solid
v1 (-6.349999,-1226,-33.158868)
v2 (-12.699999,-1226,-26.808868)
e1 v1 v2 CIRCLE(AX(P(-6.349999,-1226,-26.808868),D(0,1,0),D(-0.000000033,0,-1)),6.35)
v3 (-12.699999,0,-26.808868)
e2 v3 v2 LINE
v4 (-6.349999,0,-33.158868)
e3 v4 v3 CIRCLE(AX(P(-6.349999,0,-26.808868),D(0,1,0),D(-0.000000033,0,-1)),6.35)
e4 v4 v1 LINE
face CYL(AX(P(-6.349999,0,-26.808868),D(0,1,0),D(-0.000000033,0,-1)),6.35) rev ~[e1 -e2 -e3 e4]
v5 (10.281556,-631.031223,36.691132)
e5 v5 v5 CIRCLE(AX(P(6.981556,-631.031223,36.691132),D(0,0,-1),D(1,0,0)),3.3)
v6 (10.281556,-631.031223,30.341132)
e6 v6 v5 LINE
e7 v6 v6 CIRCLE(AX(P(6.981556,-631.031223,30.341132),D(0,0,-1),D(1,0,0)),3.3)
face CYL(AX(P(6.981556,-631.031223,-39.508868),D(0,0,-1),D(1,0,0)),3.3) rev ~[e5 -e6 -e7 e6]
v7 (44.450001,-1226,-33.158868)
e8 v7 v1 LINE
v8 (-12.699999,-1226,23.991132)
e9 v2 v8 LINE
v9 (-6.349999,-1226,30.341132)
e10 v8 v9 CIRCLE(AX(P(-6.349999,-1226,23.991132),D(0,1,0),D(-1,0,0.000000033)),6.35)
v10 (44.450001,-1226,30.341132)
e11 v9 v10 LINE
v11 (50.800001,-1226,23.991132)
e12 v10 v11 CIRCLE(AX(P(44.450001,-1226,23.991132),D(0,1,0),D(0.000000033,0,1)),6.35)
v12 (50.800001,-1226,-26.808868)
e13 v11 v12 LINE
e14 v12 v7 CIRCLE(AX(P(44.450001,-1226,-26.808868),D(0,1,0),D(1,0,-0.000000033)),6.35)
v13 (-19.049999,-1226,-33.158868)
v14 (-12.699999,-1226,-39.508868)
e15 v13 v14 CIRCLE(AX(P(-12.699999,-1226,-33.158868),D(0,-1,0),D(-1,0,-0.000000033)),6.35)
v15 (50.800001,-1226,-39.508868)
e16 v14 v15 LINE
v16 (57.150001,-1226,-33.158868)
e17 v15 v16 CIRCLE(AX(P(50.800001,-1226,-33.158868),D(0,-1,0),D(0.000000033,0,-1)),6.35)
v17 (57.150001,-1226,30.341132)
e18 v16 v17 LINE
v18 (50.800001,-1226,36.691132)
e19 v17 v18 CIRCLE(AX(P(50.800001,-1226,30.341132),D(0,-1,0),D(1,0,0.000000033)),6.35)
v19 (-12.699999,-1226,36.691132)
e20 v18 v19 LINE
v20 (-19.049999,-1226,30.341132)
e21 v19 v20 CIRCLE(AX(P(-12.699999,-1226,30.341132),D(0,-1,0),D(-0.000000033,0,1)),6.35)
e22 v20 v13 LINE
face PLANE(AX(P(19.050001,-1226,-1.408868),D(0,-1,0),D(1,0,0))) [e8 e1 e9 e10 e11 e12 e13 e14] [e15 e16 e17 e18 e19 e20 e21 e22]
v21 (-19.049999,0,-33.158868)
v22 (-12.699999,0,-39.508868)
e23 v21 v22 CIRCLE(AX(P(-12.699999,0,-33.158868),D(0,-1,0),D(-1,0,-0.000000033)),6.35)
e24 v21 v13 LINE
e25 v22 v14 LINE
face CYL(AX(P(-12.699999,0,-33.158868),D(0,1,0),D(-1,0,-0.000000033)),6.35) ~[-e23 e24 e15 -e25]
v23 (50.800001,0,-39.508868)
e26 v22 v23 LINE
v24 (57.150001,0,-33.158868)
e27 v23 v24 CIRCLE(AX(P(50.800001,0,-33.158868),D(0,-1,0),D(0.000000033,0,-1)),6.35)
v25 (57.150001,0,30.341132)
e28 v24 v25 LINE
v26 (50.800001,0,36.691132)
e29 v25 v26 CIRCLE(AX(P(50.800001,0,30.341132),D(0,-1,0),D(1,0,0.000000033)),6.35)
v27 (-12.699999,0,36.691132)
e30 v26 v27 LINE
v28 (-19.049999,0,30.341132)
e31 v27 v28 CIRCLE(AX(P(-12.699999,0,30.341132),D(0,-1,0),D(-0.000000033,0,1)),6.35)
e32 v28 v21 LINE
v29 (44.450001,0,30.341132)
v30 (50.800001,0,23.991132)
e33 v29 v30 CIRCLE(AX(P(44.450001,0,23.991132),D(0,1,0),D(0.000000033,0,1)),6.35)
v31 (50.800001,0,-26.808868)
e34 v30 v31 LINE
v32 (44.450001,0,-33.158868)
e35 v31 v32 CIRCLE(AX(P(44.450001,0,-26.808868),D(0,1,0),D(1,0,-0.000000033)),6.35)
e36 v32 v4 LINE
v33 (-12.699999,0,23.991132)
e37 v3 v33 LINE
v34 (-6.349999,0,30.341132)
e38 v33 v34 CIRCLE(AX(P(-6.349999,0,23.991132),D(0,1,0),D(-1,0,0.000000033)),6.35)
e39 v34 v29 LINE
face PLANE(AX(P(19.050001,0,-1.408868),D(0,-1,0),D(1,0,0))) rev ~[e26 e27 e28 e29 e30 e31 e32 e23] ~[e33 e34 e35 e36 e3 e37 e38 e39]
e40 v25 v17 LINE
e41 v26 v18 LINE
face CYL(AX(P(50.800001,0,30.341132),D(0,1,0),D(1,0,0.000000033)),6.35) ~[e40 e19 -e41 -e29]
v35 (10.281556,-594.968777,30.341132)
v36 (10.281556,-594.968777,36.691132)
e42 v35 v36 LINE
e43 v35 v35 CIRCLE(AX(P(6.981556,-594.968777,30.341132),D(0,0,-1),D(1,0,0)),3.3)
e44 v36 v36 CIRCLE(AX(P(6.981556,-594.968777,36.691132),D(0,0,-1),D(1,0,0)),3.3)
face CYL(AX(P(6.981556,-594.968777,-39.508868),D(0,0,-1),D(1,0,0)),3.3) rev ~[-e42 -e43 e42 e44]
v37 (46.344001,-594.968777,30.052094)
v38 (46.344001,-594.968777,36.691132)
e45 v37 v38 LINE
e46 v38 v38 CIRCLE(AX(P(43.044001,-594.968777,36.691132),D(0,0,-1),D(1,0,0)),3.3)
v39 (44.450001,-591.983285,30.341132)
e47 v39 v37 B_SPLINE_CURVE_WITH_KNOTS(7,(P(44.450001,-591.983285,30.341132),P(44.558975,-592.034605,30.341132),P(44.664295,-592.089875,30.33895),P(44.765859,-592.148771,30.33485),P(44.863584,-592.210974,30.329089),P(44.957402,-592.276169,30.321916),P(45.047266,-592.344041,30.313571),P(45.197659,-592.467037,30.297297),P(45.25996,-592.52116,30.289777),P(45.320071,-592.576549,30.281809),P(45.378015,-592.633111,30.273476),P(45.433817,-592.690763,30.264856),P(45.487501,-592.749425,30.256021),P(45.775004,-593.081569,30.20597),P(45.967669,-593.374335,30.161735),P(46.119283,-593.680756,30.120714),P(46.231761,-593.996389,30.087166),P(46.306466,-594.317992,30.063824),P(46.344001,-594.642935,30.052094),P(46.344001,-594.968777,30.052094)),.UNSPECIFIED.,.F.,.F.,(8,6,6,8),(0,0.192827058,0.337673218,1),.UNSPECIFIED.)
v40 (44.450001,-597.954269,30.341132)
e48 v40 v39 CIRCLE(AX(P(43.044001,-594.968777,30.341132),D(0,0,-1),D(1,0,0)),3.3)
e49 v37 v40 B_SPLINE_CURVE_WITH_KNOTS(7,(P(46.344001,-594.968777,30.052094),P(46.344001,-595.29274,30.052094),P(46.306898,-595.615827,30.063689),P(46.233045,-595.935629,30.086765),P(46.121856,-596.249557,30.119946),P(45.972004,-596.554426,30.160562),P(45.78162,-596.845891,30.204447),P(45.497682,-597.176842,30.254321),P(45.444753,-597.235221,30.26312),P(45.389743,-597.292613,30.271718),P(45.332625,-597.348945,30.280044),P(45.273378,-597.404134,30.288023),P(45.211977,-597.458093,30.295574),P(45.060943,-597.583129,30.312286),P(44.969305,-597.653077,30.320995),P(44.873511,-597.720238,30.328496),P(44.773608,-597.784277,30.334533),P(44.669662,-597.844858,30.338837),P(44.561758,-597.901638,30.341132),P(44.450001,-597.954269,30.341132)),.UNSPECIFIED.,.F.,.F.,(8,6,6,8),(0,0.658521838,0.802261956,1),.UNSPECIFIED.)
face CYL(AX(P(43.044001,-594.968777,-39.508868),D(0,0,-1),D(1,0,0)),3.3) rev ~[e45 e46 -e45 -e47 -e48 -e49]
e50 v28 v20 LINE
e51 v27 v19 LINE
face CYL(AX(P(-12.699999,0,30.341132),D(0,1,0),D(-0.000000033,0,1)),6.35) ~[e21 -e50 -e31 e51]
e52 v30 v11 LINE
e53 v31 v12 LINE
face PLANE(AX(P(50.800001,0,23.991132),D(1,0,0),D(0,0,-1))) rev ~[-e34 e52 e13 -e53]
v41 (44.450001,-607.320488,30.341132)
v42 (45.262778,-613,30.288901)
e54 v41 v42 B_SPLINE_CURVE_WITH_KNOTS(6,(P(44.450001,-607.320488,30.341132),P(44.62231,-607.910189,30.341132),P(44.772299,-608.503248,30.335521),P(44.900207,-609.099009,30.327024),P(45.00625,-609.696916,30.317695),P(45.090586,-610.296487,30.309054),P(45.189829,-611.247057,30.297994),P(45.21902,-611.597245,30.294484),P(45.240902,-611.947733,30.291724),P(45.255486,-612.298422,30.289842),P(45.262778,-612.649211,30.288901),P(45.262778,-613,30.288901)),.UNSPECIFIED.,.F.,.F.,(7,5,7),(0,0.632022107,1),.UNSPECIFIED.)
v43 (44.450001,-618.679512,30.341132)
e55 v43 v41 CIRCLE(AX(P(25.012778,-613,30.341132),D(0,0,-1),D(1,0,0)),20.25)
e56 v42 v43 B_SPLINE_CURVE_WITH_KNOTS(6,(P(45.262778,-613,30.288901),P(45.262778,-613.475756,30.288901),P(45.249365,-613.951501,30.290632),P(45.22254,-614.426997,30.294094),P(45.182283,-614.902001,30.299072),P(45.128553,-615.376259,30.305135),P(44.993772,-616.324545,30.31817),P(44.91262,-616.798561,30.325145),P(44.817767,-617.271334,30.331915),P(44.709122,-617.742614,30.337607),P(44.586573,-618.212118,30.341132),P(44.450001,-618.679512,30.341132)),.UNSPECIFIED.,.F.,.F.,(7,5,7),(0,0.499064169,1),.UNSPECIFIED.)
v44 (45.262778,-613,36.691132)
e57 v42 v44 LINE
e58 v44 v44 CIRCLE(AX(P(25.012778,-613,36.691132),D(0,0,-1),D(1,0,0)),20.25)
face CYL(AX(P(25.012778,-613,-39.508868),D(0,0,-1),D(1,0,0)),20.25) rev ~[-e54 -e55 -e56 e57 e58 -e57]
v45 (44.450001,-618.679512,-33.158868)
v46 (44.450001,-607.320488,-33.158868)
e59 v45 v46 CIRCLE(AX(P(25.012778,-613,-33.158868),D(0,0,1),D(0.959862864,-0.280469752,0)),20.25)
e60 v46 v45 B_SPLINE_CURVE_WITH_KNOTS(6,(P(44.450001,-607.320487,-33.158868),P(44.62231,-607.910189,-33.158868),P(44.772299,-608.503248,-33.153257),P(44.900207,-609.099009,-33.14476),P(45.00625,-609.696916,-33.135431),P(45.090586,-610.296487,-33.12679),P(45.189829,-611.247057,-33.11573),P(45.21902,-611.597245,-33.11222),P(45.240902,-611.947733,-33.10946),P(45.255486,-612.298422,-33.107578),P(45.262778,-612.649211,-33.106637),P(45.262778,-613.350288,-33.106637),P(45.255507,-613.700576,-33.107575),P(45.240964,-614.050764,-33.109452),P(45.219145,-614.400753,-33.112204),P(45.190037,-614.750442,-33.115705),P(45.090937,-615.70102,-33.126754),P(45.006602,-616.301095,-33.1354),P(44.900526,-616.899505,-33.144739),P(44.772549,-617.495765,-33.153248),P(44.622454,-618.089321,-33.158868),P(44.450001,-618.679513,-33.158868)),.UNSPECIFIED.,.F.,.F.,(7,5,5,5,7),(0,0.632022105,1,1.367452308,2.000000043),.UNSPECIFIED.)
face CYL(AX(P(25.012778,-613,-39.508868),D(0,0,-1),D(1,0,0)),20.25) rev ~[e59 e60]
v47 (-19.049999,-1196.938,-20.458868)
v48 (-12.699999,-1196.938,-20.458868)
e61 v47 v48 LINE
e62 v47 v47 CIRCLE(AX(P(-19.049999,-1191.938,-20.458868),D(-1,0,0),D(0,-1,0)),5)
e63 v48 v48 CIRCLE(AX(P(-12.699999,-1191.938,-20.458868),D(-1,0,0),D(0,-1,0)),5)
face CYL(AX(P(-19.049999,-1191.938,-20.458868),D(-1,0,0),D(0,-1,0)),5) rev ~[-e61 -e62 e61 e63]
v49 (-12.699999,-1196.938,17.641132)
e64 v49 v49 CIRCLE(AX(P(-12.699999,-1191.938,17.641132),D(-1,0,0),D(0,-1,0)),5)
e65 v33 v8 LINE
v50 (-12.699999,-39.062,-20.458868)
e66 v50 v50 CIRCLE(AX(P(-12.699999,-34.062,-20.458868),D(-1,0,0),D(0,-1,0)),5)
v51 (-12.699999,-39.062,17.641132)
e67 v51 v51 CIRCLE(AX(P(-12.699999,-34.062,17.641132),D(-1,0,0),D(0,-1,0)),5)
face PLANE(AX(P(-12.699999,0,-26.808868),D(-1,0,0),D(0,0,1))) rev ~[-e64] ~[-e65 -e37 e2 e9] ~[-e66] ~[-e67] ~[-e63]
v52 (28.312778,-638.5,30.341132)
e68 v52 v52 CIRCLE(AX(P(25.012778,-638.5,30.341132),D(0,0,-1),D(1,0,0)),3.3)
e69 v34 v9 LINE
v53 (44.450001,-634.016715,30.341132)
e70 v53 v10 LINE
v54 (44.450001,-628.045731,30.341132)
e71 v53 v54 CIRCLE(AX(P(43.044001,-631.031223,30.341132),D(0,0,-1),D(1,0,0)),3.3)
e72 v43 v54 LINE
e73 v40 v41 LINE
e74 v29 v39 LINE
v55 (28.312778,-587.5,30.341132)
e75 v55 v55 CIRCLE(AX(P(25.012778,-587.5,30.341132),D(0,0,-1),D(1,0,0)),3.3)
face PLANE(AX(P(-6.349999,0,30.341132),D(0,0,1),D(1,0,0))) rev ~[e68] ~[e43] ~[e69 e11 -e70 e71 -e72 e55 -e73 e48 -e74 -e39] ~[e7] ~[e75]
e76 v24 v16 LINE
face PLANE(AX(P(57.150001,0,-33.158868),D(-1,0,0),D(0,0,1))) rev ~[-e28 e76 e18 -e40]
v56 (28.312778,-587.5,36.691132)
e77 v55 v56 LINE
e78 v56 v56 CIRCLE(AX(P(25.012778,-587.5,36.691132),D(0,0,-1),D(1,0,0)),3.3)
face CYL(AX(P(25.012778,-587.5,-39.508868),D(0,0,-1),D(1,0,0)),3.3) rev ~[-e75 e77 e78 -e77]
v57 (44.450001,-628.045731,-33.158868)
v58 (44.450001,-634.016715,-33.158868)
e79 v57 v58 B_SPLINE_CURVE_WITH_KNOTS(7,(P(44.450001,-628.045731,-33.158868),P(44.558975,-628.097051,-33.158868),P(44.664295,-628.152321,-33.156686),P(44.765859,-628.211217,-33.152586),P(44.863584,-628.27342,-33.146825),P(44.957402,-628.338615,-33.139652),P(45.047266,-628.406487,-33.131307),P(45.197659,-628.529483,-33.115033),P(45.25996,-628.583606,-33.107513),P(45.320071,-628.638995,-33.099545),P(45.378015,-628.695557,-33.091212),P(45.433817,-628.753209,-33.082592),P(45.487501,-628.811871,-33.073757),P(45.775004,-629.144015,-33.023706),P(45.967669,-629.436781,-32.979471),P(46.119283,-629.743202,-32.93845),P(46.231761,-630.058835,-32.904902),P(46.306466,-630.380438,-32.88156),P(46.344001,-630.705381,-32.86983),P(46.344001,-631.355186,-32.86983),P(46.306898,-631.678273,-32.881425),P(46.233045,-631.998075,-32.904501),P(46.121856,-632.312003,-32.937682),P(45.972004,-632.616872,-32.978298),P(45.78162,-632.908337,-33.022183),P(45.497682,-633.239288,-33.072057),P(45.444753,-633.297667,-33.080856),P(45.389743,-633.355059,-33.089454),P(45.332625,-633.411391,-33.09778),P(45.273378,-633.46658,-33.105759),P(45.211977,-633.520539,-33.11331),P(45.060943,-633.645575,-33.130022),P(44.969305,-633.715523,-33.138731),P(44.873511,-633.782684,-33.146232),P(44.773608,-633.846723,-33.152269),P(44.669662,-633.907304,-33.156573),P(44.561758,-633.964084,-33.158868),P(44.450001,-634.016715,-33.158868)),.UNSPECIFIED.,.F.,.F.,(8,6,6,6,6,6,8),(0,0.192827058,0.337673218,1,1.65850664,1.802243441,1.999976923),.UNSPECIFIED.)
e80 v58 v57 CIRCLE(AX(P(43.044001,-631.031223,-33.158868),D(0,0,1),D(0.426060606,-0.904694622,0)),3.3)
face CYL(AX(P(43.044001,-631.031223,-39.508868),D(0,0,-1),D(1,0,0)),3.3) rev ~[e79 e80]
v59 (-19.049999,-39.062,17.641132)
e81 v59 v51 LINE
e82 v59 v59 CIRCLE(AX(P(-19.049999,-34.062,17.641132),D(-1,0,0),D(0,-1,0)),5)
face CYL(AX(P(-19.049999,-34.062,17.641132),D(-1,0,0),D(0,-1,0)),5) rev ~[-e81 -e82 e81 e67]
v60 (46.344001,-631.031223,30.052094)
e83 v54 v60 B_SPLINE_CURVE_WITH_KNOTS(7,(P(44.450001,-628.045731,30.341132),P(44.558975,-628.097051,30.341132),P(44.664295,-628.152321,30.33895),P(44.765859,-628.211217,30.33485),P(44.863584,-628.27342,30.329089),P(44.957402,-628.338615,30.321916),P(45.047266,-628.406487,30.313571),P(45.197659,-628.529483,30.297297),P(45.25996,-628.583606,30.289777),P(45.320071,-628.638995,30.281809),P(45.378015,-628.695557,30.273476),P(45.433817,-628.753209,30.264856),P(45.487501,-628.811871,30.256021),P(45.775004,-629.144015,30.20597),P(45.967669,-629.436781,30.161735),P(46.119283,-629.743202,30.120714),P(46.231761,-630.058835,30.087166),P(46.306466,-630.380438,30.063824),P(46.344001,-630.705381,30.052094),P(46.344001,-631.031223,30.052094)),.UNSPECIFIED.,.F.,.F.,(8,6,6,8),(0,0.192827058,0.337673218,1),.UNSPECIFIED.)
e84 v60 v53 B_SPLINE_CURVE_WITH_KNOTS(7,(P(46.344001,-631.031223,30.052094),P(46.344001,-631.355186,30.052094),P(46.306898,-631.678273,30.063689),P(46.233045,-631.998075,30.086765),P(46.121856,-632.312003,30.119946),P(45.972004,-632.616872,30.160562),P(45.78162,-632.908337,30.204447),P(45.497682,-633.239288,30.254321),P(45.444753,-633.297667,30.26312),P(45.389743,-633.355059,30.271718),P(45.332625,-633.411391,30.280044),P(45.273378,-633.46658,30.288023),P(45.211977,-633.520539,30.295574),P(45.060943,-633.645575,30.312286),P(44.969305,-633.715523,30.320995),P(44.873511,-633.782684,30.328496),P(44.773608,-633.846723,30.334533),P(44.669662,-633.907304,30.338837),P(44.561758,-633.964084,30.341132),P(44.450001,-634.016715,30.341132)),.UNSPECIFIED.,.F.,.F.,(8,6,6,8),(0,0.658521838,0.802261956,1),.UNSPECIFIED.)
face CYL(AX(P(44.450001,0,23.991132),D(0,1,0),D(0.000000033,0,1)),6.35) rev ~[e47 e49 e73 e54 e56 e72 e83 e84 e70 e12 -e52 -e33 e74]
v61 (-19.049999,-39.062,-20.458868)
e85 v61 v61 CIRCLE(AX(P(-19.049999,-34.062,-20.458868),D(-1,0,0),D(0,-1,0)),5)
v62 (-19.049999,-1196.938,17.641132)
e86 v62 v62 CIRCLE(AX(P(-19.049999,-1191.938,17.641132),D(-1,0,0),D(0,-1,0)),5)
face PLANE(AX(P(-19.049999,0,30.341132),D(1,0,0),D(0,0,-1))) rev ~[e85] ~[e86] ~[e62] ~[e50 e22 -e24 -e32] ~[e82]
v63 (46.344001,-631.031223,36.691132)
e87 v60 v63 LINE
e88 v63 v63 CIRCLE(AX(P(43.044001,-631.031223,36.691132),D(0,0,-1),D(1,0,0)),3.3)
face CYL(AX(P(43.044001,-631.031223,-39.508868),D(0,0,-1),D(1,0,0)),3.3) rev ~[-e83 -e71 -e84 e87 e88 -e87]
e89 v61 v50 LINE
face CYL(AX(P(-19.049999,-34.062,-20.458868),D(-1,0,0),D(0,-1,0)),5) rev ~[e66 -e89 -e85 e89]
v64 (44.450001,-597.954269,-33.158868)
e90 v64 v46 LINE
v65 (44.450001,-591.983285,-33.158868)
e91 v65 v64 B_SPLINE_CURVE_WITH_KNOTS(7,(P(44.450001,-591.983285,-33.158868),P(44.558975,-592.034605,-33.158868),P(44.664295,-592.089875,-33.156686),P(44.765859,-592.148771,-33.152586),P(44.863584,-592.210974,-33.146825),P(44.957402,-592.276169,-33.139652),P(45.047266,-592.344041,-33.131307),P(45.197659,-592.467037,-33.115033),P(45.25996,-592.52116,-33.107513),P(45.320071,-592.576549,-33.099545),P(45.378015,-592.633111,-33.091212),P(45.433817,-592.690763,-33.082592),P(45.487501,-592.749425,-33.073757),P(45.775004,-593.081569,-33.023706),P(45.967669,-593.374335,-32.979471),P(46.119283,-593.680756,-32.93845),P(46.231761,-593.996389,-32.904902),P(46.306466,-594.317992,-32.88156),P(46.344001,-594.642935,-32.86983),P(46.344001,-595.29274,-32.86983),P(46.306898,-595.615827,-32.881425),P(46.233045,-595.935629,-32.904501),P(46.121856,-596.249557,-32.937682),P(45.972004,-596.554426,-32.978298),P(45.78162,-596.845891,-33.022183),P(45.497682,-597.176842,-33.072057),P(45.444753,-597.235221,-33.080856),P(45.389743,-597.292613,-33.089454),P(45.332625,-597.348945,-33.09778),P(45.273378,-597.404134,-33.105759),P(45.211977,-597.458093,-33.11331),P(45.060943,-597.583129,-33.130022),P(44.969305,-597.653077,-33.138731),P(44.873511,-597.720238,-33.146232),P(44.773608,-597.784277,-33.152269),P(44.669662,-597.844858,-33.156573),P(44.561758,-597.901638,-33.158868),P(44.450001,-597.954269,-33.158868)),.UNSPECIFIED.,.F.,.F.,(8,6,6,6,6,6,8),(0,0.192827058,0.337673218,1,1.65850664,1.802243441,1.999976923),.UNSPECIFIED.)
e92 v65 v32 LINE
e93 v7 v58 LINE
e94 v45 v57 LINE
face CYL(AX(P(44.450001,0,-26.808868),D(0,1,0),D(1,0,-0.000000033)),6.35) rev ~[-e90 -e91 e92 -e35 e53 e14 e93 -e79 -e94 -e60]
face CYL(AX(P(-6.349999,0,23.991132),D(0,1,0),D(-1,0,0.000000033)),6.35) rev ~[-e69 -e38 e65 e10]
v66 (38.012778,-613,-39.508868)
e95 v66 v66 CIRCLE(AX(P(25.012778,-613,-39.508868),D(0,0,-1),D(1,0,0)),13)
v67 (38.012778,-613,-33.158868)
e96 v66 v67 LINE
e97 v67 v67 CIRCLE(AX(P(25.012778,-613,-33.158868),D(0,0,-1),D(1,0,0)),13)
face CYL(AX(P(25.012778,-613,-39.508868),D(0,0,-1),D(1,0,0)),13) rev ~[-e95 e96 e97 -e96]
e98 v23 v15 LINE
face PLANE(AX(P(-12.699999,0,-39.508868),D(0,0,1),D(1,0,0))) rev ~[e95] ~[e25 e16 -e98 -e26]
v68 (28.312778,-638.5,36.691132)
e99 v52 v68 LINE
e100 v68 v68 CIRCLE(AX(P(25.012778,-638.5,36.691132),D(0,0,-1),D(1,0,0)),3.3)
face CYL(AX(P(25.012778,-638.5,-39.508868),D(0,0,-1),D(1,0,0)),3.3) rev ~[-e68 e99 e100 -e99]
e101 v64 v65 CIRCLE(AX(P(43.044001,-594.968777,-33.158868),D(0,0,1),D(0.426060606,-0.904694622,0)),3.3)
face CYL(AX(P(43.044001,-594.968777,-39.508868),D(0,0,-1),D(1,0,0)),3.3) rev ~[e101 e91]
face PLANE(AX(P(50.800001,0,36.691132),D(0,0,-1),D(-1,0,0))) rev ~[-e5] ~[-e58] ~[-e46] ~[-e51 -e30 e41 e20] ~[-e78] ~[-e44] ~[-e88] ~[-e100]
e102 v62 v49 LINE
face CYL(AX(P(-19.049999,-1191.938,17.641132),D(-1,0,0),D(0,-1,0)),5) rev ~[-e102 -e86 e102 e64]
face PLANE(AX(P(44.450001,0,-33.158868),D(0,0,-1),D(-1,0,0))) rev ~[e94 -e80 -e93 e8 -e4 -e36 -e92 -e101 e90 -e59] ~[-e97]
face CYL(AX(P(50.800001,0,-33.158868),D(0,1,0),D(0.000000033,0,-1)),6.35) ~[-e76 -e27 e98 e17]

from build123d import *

# Parameters (mm, degrees)
F1_DEPTH = 1226
F2_R     = 5
F3_DEPTH = 25.4
F4_R     = 3.3
F4_R_2   = 20.25
F5_DEPTH = 76.201
F6_W     = 51.969446
F6_H     = 157.89732
F6_R     = 13
F7_DEPTH = 6.35


with BuildPart() as f1:
    # F0 (on Front) → F1 (new body)
    with BuildSketch(Plane.XZ):
        with BuildLine():
            Line((50.800001, 36.691132), (-12.699999, 36.691132))
            ThreePointArc((-12.699999, 36.691132), (-17.190127, 34.83126), (-19.049999, 30.341132))
            Line((-19.049999, 30.341132), (-19.049999, -33.158868))
            ThreePointArc((-19.049999, -33.158868), (-17.190127, -37.648996), (-12.699999, -39.508868))
            Line((-12.699999, -39.508868), (50.800001, -39.508868))
            ThreePointArc((50.800001, -39.508868), (55.290129, -37.648996), (57.150001, -33.158868))
            Line((57.150001, -33.158868), (57.150001, 30.341132))
            ThreePointArc((57.150001, 30.341132), (55.290129, 34.83126), (50.800001, 36.691132))
        make_face()
        with BuildLine():
            ThreePointArc((-12.699999, 23.991132), (-10.840127, 28.48126), (-6.349999, 30.341132))
            Line((-6.349999, 30.341132), (44.450001, 30.341132))
            ThreePointArc((44.450001, 30.341132), (48.940129, 28.48126), (50.800001, 23.991132))
            Line((50.800001, 23.991132), (50.800001, -26.808868))
            ThreePointArc((50.800001, -26.808868), (48.940129, -31.298996), (44.450001, -33.158868))
            Line((44.450001, -33.158868), (-6.349999, -33.158868))
            ThreePointArc((-6.349999, -33.158868), (-10.840127, -31.298996), (-12.699999, -26.808868))
            Line((-12.699999, -26.808868), (-12.699999, 23.991132))
        make_face(mode=Mode.SUBTRACT)
    extrude(amount=F1_DEPTH)

    # F2 (on face) → F3 (cut)
    with BuildSketch(Plane(origin=(-19.049999, 0, 0), x_dir=(0, -1, 0), z_dir=(-1, 0, 0))):
        with Locations((34.062, 17.641132)):
            Circle(F2_R)
        with Locations((34.062, -20.458868)):
            Circle(F2_R)
        with Locations((1191.938, -20.458868)):
            Circle(F2_R)
        with Locations((1191.938, 17.641132)):
            Circle(F2_R)
    extrude(amount=-F3_DEPTH, mode=Mode.SUBTRACT)

    # F4 (on face) → F5 (cut, through all)
    with BuildSketch(Plane(origin=(0, 0, -39.508868), x_dir=(1, 0, 0), z_dir=(0, 0, -1))):
        with Locations((25.012778, 638.5)):
            Circle(F4_R)
        with Locations((6.981556, 631.031223)):
            Circle(F4_R)
        with Locations((6.981556, 594.968777)):
            Circle(F4_R)
        with Locations((25.012778, 587.5)):
            Circle(F4_R)
        with Locations((43.044001, 594.968777)):
            Circle(F4_R)
        with Locations((43.044001, 631.031223)):
            Circle(F4_R)
        with Locations((25.012778, 613)):
            Circle(F4_R_2)
    extrude(amount=-F5_DEPTH, mode=Mode.SUBTRACT)

    # F6 (on face) → F7 (join)
    with BuildSketch(Plane(origin=(0, 0, -39.508868), x_dir=(1, 0, 0), z_dir=(0, 0, -1))):
        with Locations((22.14342, 620.64044)):
            Rectangle(F6_W, F6_H)
        with Locations((25.012778, 613)):
            Circle(F6_R, mode=Mode.SUBTRACT)
    extrude(amount=-F7_DEPTH)


solid = f1.part
